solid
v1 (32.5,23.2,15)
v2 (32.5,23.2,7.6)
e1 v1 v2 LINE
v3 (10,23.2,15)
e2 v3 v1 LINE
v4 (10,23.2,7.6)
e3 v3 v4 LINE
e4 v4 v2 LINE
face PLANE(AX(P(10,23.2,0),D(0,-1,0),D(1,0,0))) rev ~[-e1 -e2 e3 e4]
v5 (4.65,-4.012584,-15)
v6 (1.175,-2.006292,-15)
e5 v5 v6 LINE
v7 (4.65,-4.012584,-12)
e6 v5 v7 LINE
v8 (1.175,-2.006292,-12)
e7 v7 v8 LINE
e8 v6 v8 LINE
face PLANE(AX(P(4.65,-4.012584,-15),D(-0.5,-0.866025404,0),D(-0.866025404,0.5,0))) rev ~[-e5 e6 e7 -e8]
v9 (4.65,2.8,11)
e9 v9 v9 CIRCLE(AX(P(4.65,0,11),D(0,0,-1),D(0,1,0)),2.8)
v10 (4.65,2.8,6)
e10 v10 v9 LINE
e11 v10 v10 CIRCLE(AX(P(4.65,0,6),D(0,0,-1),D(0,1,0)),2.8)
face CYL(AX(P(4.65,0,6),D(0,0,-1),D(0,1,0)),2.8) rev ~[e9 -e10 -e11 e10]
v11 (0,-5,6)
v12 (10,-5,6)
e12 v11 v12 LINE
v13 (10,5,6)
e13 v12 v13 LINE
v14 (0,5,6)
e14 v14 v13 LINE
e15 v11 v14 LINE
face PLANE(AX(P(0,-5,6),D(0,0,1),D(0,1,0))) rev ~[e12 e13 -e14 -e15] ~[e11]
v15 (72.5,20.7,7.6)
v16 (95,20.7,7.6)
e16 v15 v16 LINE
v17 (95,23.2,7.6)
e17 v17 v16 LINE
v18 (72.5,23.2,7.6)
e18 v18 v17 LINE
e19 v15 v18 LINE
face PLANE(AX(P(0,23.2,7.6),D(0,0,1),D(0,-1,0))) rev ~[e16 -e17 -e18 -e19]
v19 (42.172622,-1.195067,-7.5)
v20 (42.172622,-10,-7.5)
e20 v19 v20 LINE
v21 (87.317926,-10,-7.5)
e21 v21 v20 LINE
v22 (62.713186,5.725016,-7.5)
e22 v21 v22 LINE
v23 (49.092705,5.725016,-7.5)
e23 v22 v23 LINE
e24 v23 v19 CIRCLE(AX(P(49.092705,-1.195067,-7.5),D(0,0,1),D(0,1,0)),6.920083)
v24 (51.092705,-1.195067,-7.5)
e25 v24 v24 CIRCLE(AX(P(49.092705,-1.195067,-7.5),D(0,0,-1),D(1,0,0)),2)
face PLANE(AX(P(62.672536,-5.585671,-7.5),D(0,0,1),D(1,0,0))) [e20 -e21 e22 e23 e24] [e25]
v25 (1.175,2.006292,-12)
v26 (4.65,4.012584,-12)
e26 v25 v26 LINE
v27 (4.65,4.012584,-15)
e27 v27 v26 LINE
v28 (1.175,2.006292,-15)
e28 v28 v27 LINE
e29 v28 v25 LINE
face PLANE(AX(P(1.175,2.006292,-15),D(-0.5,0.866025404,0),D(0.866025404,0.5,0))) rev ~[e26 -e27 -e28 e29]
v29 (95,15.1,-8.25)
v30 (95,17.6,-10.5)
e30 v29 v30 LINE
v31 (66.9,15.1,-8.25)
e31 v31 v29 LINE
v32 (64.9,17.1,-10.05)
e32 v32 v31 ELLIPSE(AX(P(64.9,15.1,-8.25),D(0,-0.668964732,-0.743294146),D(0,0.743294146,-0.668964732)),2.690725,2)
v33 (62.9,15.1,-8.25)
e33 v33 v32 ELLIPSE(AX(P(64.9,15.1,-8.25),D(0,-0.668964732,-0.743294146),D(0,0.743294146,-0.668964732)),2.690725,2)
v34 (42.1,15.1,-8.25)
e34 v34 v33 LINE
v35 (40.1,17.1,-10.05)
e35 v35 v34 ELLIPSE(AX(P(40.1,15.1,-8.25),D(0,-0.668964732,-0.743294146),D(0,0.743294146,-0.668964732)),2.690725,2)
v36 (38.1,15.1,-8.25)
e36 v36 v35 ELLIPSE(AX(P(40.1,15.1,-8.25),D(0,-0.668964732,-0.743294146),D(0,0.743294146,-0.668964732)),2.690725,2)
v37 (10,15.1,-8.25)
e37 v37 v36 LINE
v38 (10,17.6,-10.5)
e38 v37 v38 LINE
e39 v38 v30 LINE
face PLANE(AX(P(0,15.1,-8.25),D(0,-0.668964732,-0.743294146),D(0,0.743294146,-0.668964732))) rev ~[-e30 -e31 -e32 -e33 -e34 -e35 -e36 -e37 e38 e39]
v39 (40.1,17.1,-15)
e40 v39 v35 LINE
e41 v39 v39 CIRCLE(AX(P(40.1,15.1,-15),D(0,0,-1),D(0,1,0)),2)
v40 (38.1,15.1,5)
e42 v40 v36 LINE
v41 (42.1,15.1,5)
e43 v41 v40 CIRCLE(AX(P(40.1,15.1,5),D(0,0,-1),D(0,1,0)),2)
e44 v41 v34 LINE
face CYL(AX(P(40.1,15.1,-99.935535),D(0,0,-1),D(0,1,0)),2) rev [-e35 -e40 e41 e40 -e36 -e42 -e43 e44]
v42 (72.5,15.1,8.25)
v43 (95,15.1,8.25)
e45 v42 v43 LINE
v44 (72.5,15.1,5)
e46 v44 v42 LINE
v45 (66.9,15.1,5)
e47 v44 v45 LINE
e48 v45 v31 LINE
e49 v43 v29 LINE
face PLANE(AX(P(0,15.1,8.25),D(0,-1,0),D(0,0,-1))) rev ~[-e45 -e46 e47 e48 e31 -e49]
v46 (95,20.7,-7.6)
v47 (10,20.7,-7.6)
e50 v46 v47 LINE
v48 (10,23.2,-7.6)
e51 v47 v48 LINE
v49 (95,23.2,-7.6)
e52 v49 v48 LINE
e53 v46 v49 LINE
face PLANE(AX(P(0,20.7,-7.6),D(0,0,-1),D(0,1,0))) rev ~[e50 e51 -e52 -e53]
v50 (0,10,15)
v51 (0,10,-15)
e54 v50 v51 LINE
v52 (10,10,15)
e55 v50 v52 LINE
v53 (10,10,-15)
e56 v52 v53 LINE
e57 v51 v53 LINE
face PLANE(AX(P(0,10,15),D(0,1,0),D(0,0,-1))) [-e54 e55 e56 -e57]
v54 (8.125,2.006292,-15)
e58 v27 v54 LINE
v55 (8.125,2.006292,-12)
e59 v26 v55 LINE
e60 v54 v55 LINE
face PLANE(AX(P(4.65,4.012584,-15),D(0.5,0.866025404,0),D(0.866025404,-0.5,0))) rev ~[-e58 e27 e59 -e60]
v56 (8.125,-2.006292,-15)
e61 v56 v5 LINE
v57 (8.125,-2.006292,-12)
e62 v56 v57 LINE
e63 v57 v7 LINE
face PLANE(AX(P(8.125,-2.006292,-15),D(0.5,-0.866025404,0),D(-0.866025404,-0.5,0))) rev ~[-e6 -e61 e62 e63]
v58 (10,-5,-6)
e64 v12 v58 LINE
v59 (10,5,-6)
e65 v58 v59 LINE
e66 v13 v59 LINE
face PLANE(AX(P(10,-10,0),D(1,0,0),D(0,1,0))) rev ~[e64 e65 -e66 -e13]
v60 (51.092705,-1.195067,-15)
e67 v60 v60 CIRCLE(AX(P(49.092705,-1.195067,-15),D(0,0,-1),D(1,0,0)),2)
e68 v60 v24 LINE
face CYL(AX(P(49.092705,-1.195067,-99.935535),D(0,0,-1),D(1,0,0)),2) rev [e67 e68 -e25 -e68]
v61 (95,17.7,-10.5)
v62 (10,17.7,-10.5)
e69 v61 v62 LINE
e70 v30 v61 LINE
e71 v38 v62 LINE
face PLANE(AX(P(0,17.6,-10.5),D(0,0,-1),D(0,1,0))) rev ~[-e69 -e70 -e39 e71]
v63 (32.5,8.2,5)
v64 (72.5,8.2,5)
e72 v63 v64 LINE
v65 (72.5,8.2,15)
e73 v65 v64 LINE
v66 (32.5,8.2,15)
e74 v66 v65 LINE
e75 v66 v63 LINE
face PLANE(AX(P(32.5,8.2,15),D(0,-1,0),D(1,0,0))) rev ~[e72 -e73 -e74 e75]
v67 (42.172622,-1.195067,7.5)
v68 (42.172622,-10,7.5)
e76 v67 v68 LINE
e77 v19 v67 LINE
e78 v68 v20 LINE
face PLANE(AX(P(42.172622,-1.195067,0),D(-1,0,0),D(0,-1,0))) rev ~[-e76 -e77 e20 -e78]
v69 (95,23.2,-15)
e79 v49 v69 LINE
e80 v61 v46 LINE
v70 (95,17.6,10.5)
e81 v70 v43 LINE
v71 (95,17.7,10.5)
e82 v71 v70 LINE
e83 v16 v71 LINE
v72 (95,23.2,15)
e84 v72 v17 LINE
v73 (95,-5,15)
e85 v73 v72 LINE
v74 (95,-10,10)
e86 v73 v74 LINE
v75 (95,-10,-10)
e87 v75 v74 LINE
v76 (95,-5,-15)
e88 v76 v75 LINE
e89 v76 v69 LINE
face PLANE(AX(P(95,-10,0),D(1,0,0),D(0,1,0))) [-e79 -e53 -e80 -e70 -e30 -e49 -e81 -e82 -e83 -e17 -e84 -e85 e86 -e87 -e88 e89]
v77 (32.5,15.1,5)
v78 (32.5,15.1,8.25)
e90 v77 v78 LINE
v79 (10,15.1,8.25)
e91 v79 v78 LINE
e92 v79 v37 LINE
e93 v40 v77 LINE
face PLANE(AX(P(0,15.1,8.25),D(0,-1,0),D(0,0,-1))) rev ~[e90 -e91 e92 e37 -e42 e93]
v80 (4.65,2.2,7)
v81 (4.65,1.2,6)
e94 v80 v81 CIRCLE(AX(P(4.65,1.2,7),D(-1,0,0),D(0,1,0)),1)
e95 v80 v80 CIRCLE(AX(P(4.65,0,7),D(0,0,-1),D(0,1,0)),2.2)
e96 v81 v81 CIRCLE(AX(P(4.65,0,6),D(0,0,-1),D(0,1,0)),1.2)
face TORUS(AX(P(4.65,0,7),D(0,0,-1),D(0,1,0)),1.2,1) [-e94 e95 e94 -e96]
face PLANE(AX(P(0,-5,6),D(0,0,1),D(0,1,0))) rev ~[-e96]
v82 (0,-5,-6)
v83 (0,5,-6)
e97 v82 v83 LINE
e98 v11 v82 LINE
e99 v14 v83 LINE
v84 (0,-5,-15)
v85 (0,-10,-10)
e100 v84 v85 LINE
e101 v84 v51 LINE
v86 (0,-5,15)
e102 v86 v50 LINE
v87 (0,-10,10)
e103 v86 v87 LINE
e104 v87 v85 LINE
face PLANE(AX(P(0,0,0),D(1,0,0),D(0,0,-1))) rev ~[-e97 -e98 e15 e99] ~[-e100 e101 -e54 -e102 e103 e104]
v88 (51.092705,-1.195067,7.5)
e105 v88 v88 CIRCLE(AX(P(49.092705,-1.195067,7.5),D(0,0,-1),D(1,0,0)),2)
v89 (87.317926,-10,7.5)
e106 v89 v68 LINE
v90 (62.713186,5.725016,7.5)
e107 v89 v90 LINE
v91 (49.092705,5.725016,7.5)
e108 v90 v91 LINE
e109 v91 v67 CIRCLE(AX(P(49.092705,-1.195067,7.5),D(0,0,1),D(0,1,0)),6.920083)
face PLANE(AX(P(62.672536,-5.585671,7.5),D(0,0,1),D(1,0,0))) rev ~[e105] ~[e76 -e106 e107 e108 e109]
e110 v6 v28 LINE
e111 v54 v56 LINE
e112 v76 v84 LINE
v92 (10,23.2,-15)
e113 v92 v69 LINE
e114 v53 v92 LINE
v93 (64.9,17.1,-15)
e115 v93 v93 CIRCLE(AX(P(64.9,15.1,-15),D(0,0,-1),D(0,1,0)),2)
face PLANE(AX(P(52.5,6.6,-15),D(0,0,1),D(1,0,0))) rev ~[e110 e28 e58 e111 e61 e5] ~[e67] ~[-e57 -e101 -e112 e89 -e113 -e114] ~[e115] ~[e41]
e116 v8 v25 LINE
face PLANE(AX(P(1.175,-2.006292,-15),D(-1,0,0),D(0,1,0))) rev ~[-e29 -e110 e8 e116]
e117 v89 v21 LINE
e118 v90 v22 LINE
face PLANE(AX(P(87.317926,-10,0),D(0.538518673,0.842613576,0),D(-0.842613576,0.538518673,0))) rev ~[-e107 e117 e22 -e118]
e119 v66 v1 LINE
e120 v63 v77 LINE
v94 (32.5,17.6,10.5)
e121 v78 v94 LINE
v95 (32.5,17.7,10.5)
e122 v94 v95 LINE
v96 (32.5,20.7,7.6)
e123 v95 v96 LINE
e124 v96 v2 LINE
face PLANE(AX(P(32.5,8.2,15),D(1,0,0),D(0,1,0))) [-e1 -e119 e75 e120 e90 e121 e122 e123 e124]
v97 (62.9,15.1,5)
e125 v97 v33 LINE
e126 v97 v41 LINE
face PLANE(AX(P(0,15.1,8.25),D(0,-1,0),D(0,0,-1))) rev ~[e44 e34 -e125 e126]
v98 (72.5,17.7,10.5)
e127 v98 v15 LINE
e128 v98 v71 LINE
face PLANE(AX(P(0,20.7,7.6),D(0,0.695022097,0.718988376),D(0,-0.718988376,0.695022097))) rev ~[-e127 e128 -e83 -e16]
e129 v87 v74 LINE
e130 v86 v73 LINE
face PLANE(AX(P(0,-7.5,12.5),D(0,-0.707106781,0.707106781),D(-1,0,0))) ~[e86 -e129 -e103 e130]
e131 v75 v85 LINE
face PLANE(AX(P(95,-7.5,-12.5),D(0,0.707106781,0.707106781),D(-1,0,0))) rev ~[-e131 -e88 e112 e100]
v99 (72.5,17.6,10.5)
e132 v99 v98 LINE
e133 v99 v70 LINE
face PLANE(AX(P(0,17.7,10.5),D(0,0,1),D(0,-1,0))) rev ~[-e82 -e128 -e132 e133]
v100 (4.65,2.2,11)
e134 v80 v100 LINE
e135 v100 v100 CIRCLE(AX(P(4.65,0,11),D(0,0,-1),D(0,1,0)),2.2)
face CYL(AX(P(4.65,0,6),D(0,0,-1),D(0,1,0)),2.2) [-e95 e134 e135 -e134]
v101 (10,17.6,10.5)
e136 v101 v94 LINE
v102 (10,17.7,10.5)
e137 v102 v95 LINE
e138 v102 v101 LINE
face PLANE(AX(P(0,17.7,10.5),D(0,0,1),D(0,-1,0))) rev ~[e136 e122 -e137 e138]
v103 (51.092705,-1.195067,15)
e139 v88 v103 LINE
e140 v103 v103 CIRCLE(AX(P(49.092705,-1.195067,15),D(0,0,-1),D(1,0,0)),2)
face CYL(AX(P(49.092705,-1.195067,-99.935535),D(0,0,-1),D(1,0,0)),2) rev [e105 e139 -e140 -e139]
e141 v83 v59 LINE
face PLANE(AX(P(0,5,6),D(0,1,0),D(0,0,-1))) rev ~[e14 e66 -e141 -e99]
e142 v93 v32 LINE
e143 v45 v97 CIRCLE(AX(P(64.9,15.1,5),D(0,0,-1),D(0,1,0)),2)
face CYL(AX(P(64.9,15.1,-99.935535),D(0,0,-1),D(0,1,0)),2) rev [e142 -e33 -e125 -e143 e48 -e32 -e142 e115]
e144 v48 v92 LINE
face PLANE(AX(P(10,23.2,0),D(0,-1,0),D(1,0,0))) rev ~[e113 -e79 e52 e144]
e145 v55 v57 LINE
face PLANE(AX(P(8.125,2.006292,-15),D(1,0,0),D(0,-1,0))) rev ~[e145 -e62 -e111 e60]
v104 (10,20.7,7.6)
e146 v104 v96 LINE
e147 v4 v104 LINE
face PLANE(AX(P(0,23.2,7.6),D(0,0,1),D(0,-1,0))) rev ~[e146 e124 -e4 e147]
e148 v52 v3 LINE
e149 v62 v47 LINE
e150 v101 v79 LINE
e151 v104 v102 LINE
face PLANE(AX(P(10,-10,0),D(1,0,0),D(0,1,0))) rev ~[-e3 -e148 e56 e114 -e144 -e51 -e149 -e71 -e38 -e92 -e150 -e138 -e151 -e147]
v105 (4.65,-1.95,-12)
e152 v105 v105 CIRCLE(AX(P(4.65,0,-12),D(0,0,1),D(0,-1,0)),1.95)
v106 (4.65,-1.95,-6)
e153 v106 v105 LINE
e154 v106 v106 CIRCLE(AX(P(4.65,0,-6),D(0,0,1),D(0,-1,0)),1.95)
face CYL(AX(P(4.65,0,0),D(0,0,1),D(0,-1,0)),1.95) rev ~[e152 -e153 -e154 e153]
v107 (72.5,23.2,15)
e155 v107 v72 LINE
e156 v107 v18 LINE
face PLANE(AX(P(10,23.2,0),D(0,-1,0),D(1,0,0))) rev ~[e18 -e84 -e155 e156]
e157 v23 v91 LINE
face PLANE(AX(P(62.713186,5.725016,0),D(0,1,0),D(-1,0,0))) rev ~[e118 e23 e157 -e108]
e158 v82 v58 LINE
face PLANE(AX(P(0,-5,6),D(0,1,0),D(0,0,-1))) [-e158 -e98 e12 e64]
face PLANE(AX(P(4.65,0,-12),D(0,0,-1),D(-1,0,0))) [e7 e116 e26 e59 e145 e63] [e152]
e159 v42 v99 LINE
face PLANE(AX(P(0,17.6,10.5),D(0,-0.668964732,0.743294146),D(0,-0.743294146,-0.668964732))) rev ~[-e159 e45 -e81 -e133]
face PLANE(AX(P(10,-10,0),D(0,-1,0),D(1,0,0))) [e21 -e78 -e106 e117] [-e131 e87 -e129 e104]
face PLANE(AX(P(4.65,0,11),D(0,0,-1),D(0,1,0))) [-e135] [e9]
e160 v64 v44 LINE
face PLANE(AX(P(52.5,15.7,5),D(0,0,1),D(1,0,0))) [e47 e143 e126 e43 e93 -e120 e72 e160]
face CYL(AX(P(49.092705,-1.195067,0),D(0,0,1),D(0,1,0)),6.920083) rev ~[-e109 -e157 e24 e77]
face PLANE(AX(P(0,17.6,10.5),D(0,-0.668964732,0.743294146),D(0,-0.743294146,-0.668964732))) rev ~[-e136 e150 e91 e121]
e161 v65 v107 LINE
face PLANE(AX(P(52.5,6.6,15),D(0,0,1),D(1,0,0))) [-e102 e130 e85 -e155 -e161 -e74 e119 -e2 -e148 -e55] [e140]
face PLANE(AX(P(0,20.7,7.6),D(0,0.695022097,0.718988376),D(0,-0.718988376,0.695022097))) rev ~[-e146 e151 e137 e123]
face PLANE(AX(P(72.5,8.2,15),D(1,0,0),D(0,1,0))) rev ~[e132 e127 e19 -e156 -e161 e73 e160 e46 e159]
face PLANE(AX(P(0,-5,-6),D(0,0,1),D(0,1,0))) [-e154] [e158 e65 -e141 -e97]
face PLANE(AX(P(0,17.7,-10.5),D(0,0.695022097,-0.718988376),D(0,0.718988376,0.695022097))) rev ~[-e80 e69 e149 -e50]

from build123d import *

# Parameters (mm, degrees)
SKETCH_1_W               = 30
SKETCH_1_H               = 20
SKETCH_1_W_2             = 12
SKETCH_1_H_2             = 10
EXTRUDE_1_DEPTH          = 10
CUT_EXTRUDE_1_DEPTH      = 3
SKETCH_4_R               = 1.95
CUT_EXTRUDE_2_DEPTH      = 30
SKETCH_8_R               = 2.8
SKETCH_8_R_2             = 2.2
CUT_EXTRUDE_3_DEPTH      = 5
FILLET_1_R               = 1
SKETCH_12_W              = 85
SKETCH_12_H              = 33.2
EXTRUDE_3_DEPTH          = 15
CUT_EXTRUDE_4_DEPTH      = 100
CHAMFER_1_SIZE           = 5
CUT_EXTRUDE_5_DEPTH      = 99.935534567
CUT_EXTRUDE_5_DEPTH_BACK = 99.935534567
SKETCH_14_R              = 2
CUT_EXTRUDE_6_DEPTH      = 7.5
CUT_EXTRUDE_7_DEPTH      = 99.935534567
CUT_EXTRUDE_7_DEPTH_BACK = 99.935534567
SKETCH_16_R              = 2
SKETCH_17_W              = 40
SKETCH_17_H              = 15
CUT_EXTRUDE_8_DEPTH      = 10


with BuildPart() as part:
    # 스케치1 → 보스-돌출1 (new body)
    with BuildSketch(Plane(origin=(0, 0, 0), x_dir=(0, 0, -1), z_dir=(1, 0, 0))):
        Rectangle(SKETCH_1_W, SKETCH_1_H)
        Rectangle(SKETCH_1_W_2, SKETCH_1_H_2, mode=Mode.SUBTRACT)
    extrude(amount=EXTRUDE_1_DEPTH)

    # 스케치2 → 컷-돌출1 (cut)
    with BuildSketch(Plane(origin=(0, 0, -15), x_dir=(-1, 0, 0), z_dir=(0, 0, -1))):
        Polygon((-1.175, -2.006292185), (-1.175, 2.006292185), (-4.65, 4.012584371), (-8.125, 2.006292185), (-8.125, -2.006292185), (-4.65, -4.012584371), align=None)
    extrude(amount=-CUT_EXTRUDE_1_DEPTH, mode=Mode.SUBTRACT)

    # 스케치4 → 컷-돌출2 (cut)
    with BuildSketch(Plane.XY):
        with Locations(Location((4.65, 0, 0), (0, 0, 270))):
            Circle(SKETCH_4_R)
    extrude(amount=-CUT_EXTRUDE_2_DEPTH, mode=Mode.SUBTRACT)

    # 스케치8 → 컷-돌출3 (cut)
    with BuildSketch(Plane(origin=(0, 0, 6), x_dir=(-1, 0, 0), z_dir=(0, 0, -1))):
        with Locations(Location((-4.65, 0, 0), (0, 0, 90))):
            Circle(SKETCH_8_R)
        with Locations(Location((-4.65, 0, 0), (0, 0, 90))):
            Circle(SKETCH_8_R_2, mode=Mode.SUBTRACT)
    extrude(amount=-CUT_EXTRUDE_3_DEPTH, mode=Mode.SUBTRACT)

    # 필렛1
    fillet_1_edges = [part.edges().sort_by_distance(p)[0] for p in [
        (4.65, -2.2, 6),
    ]]
    fillet(fillet_1_edges, radius=FILLET_1_R)

    # 스케치12 → 보스-돌출3 (add, symmetric)
    with BuildSketch(Plane.XY):
        with Locations((52.5, 6.6)):
            Rectangle(SKETCH_12_W, SKETCH_12_H)
    extrude(amount=EXTRUDE_3_DEPTH, both=True)

    # 스케치13 → 컷-돌출4 (cut, symmetric)
    with BuildSketch(Plane(origin=(0, 0, 0), x_dir=(0, 0, -1), z_dir=(1, 0, 0))):
        Polygon((7.6, 23.2), (-7.6, 23.2), (-7.6, 20.7), (-10.5, 17.7), (-10.5, 17.6), (-8.25, 15.1), (8.25, 15.1), (10.5, 17.6), (10.5, 17.7), (7.6, 20.7), align=None)
    extrude(amount=CUT_EXTRUDE_4_DEPTH, both=True, mode=Mode.SUBTRACT)

    # 모따기1
    chamfer_1_edges = [part.edges().sort_by_distance(p)[0] for p in [
        (47.5, -10, -15),
        (47.5, -10, 15),
    ]]
    chamfer(chamfer_1_edges, length=CHAMFER_1_SIZE)

    # 스케치14 → 컷-돌출5 (cut, two sides: drawn at the far end of the back side and taken through both)
    with BuildSketch(Plane.XY.offset(-CUT_EXTRUDE_5_DEPTH_BACK)):
        with Locations(Location((40.1, 15.1, 0), (0, 0, 90))):
            Circle(SKETCH_14_R)
        with Locations(Location((64.9, 15.1, 0), (0, 0, 90))):
            Circle(SKETCH_14_R)
    extrude(amount=CUT_EXTRUDE_5_DEPTH + CUT_EXTRUDE_5_DEPTH_BACK, mode=Mode.SUBTRACT)

    # 스케치15 → 컷-돌출6 (cut, symmetric)
    with BuildSketch(Plane.XY):
        with BuildLine():
            Line((62.713186115, 5.72501597), (49.092705045, 5.72501597))
            ThreePointArc((49.092705045, 5.72501597), (44.199467341, 3.698170549), (42.17262192, -1.195067155))
            Line((42.17262192, -1.195067155), (42.17262192, -12.628733774))
            Line((42.17262192, -12.628733774), (87.317926114, -12.628733774))
            Line((87.317926114, -12.628733774), (87.317926114, -10))
            Line((87.317926114, -10), (62.713186115, 5.72501597))
        make_face()
    extrude(amount=CUT_EXTRUDE_6_DEPTH, both=True, mode=Mode.SUBTRACT)

    # 스케치16 → 컷-돌출7 (cut, two sides: drawn at the far end of the back side and taken through both)
    with BuildSketch(Plane.XY.offset(-CUT_EXTRUDE_7_DEPTH_BACK)):
        with Locations((49.092705045, -1.195067155)):
            Circle(SKETCH_16_R)
    extrude(amount=CUT_EXTRUDE_7_DEPTH + CUT_EXTRUDE_7_DEPTH_BACK, mode=Mode.SUBTRACT)

    # 스케치17 → 컷-돌출8 (cut)
    with BuildSketch(Plane.XY.offset(15)):
        with Locations((52.5, 15.7)):
            Rectangle(SKETCH_17_W, SKETCH_17_H)
    extrude(amount=-CUT_EXTRUDE_8_DEPTH, mode=Mode.SUBTRACT)


solid = part.part
